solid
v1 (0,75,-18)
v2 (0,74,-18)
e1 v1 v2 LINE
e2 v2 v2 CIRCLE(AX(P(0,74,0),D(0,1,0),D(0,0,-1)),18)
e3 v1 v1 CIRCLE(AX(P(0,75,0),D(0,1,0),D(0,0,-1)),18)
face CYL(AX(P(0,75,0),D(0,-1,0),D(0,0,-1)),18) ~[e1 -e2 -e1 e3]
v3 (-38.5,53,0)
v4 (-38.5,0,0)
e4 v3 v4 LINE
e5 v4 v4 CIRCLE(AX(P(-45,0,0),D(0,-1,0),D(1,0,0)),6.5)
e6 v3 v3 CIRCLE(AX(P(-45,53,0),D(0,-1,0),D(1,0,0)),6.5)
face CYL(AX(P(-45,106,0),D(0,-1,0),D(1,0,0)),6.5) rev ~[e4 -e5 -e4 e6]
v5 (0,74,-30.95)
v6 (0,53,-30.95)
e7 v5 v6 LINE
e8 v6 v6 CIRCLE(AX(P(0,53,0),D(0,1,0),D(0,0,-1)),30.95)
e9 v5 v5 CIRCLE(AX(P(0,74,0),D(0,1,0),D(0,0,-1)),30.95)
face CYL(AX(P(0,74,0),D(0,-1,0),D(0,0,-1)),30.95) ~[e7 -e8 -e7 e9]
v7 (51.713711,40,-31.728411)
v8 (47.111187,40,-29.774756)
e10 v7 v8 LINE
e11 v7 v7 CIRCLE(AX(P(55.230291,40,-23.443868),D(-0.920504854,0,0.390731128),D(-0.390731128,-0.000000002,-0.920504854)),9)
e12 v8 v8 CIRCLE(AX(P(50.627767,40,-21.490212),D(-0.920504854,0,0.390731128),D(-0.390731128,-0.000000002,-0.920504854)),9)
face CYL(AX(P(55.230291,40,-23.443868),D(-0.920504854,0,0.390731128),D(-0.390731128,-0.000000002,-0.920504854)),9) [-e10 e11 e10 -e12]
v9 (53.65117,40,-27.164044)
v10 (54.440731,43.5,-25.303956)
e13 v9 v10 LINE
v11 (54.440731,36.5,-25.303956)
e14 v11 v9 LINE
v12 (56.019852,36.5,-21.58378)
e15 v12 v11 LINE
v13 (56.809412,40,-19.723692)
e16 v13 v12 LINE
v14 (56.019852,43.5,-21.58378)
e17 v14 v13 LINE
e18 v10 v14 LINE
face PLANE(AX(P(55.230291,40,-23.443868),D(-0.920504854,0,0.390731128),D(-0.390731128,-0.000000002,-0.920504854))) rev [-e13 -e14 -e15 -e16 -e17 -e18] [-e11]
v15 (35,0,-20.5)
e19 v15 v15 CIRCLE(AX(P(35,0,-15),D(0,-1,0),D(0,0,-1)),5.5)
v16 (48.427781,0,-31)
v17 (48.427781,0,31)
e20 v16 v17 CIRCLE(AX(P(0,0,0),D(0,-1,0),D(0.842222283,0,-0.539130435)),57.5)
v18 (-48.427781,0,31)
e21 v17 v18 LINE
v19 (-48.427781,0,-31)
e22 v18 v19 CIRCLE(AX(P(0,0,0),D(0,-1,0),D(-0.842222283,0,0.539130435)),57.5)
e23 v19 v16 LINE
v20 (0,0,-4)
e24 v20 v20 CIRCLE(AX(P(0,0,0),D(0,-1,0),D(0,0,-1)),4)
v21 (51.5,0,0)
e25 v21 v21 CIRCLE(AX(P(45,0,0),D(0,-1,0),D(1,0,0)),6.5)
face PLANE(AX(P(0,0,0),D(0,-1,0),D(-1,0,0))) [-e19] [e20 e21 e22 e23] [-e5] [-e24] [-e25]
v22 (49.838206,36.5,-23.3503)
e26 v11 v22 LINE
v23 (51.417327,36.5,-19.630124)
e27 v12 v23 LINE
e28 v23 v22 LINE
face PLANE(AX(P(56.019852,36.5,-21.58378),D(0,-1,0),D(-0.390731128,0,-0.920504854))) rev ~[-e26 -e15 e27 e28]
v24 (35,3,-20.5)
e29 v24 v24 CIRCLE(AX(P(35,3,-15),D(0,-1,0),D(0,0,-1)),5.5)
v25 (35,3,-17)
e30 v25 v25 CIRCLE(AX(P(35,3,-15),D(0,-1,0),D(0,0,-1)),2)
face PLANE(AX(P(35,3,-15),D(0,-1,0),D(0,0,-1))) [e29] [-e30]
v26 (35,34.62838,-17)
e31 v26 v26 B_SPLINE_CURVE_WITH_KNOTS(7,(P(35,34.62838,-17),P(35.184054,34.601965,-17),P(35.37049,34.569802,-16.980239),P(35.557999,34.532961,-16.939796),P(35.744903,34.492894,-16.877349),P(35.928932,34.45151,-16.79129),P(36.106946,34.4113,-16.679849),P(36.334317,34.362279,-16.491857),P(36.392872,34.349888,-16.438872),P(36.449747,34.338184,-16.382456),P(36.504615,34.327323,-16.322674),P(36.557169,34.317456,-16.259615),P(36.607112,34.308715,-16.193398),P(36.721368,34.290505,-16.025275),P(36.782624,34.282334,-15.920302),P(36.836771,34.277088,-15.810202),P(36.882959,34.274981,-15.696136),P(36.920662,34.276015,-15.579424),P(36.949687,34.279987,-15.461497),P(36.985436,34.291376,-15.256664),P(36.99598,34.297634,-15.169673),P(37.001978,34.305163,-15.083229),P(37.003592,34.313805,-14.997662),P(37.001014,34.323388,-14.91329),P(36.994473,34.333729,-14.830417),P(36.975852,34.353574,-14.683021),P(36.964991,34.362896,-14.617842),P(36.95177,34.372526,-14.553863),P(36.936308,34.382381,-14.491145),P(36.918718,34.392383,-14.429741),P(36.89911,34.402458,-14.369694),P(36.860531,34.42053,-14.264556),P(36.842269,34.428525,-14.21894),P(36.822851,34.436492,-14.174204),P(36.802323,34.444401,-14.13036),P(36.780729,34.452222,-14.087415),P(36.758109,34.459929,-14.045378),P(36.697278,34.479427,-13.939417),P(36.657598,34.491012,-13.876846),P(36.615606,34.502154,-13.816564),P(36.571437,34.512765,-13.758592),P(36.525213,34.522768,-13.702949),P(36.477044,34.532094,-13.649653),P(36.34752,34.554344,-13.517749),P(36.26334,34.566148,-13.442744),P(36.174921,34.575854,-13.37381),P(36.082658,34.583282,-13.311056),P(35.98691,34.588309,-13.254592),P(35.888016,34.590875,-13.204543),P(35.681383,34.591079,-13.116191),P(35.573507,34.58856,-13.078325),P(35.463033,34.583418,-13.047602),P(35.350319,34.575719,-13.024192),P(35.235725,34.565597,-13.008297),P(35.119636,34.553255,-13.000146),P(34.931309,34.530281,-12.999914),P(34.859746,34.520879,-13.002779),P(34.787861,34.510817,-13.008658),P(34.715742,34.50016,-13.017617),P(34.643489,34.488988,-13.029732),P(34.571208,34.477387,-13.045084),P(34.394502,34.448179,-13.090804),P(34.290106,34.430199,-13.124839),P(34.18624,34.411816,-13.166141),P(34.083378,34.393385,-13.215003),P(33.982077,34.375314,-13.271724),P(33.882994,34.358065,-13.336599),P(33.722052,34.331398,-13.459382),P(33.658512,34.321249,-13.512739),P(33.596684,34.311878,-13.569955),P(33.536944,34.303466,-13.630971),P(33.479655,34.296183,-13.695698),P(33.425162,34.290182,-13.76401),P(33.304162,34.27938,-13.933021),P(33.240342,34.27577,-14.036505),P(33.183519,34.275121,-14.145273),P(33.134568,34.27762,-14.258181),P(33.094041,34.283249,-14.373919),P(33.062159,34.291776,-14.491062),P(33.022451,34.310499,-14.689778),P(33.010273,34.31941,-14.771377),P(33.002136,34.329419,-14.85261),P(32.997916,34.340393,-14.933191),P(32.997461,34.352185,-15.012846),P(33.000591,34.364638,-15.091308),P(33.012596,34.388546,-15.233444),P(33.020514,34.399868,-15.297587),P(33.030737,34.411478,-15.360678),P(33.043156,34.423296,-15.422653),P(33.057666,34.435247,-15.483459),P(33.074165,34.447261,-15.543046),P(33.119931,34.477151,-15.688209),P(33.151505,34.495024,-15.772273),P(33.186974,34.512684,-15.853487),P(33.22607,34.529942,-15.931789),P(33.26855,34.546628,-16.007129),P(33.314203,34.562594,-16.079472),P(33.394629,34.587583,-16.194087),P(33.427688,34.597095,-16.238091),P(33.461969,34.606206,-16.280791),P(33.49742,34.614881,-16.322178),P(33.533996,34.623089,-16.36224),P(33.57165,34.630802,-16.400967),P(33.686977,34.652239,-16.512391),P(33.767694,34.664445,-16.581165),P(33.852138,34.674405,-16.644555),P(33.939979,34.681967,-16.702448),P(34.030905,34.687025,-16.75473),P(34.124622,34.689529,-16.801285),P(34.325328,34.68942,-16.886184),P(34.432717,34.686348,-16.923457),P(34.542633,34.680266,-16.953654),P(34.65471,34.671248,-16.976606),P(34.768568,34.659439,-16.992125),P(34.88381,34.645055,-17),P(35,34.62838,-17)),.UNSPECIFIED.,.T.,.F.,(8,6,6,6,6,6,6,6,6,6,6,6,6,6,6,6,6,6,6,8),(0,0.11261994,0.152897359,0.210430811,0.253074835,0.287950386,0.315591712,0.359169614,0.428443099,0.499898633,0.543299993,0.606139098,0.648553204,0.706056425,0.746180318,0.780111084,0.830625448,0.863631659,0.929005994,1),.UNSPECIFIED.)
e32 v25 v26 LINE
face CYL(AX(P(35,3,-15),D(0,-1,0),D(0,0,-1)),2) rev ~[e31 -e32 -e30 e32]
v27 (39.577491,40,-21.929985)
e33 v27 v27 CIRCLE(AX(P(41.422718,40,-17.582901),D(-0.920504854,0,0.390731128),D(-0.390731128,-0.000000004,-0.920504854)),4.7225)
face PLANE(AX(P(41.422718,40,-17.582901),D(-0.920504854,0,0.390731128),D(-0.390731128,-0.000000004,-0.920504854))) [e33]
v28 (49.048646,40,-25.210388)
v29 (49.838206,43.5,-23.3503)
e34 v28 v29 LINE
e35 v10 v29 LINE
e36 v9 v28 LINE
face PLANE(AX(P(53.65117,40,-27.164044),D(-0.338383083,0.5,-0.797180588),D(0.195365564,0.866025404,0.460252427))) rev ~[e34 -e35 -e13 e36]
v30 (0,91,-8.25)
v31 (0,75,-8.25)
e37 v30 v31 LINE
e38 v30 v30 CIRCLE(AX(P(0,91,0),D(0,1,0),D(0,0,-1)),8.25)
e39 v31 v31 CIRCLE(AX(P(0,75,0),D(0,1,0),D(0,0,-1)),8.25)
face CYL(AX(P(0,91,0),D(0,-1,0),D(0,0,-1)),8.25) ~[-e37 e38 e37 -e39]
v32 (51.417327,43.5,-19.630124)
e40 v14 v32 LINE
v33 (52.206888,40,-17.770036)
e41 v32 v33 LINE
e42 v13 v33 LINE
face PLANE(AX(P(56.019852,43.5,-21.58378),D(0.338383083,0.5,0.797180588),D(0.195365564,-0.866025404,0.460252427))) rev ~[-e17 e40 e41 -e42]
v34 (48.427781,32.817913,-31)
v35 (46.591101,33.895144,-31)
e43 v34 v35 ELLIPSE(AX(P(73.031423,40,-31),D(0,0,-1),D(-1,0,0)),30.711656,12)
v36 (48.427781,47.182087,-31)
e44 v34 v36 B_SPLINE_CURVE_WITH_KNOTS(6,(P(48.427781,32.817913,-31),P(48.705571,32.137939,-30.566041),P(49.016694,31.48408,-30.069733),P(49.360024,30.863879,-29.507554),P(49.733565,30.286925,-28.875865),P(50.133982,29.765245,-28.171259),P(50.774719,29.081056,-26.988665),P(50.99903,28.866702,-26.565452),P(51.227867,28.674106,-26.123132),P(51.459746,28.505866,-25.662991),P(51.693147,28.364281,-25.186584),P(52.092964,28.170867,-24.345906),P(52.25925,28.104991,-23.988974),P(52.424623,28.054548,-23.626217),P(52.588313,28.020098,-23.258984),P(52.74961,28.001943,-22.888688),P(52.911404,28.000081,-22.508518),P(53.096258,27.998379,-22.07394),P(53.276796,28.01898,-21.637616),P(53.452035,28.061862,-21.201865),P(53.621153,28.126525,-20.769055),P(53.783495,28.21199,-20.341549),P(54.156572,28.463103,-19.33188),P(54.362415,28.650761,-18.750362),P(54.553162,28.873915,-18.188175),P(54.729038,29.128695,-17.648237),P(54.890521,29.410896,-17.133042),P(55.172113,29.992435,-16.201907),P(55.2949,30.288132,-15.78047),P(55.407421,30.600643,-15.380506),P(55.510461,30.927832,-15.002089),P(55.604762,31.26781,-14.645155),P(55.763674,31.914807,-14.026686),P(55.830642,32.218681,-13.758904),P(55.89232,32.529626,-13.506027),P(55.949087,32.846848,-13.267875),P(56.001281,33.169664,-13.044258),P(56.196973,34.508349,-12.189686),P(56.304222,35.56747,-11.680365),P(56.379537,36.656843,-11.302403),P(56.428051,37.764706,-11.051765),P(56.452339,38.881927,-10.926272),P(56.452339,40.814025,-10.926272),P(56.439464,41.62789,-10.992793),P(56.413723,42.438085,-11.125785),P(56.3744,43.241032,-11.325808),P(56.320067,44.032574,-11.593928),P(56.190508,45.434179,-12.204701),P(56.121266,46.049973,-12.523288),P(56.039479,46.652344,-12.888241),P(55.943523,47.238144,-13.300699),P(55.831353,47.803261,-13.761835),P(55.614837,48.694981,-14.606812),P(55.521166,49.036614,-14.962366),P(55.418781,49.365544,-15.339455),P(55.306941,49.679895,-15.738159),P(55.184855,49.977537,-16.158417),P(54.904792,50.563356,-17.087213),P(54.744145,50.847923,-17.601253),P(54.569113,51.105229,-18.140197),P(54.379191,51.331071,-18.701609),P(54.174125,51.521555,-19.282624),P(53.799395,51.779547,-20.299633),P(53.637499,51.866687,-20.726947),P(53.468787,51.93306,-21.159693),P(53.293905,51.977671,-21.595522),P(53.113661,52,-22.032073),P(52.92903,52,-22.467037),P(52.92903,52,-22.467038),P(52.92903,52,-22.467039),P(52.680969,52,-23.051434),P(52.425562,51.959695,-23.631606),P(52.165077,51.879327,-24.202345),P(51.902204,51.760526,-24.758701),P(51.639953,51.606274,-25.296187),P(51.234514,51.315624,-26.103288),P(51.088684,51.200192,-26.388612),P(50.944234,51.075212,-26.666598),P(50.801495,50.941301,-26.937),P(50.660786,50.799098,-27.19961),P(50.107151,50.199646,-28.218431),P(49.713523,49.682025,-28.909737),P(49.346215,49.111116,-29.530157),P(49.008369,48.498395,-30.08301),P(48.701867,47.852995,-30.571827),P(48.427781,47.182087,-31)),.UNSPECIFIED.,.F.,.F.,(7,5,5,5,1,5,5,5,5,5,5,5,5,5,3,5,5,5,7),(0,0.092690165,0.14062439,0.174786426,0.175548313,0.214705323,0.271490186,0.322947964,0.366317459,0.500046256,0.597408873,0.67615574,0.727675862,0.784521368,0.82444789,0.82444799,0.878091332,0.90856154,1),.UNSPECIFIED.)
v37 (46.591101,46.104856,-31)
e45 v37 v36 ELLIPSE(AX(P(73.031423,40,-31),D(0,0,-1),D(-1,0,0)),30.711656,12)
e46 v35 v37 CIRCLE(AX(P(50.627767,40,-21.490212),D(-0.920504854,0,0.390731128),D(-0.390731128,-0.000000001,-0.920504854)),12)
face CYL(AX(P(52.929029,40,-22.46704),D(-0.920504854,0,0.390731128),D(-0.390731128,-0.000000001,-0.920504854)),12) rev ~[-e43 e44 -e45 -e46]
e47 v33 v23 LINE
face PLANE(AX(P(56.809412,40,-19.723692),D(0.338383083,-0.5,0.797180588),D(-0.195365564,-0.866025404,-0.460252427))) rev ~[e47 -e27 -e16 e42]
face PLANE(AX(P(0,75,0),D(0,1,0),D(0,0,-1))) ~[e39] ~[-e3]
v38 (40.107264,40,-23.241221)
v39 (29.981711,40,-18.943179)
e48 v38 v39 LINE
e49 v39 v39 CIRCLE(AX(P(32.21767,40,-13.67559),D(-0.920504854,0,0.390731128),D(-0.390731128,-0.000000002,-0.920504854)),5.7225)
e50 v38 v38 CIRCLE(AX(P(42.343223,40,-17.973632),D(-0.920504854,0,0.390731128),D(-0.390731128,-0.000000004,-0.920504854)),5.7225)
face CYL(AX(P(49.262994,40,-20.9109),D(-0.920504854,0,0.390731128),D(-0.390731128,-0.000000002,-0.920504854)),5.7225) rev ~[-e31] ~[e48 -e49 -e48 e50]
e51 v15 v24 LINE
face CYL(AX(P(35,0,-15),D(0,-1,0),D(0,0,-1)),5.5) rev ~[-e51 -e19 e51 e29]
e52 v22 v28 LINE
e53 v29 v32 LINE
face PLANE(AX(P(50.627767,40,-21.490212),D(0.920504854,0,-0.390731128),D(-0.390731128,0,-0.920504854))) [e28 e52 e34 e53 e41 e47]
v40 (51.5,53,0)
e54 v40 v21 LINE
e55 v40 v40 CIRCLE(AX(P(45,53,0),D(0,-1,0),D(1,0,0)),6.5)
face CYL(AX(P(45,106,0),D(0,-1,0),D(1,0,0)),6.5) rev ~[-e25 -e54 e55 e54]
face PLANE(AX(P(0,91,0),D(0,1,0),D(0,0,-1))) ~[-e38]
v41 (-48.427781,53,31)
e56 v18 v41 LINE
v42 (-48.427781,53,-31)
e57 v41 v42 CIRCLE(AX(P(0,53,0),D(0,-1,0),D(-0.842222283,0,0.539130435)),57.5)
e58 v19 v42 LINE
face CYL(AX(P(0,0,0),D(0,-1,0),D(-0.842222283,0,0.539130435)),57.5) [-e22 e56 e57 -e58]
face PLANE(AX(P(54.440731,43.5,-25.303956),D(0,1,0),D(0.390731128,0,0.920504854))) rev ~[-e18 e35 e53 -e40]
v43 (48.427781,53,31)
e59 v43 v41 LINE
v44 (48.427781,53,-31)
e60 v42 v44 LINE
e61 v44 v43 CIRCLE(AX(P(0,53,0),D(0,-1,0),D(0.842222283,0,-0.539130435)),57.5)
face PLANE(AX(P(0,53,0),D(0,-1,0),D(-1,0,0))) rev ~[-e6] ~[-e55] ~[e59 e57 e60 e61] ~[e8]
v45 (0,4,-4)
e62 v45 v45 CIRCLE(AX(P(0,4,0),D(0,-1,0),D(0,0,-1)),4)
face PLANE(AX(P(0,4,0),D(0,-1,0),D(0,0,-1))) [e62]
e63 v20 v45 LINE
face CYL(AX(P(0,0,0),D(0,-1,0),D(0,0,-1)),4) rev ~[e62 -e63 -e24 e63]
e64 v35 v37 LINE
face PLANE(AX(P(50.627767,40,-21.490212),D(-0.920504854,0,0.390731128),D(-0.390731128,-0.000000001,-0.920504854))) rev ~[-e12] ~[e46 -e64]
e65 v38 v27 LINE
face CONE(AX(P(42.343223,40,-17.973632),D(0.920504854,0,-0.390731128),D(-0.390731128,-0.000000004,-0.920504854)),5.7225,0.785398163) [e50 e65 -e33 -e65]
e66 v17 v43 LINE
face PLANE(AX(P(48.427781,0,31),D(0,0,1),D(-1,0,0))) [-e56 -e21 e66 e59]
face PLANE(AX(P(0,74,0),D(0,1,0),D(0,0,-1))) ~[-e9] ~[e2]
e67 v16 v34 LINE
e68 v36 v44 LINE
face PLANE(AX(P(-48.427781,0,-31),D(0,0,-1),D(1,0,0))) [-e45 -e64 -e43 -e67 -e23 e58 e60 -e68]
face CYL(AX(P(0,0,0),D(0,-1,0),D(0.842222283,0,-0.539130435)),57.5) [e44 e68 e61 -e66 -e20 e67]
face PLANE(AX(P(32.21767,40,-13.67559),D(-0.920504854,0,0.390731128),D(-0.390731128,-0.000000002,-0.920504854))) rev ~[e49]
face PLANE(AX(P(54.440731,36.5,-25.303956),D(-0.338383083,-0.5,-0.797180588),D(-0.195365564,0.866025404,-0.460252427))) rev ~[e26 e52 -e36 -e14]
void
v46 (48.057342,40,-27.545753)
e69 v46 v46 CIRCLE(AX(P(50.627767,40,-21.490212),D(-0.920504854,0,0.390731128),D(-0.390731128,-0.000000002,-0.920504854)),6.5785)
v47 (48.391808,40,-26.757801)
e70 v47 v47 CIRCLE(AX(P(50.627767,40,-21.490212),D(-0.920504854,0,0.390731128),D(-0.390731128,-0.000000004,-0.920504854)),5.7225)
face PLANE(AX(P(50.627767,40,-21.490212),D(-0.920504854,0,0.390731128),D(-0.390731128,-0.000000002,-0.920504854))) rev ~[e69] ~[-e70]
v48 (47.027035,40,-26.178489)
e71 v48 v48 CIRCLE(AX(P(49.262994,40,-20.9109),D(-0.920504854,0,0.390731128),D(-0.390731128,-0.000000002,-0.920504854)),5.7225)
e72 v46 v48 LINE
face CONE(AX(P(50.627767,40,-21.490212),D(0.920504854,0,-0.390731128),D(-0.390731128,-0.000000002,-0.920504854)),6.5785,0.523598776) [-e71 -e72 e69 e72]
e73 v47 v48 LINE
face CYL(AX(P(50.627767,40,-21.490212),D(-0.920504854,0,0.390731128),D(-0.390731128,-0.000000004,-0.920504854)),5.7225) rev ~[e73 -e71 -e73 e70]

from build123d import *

# Parameters (mm, degrees)
EXTRUDE1_DEPTH     = 53
HOLE1_D            = 13
HOLE1_DEPTH        = 53
SKETCH5_R          = 4
CUT_EXTRUDE1_DEPTH = 4
SKETCH6_R          = 5.5
CUT_EXTRUDE2_DEPTH = 3
SKETCH7_R          = 2
CUT_EXTRUDE3_DEPTH = 33
CUT_EXTRUDE4_DEPTH = 5


with BuildPart() as part:
    # Sketch1 → Extrude1 (new body)
    with BuildSketch(Plane(origin=(0, 0, 0), x_dir=(1, 0, 0), z_dir=(0, 1, 0))):
        with BuildLine():
            Line((-48.427781283, 31), (48.427781283, 31))
            ThreePointArc((48.427781283, 31), (57.5, 0), (48.427781283, -31))
            Line((48.427781283, -31), (-48.427781283, -31))
            ThreePointArc((-48.427781283, -31), (-57.5, 0), (-48.427781283, 31))
        make_face()
    extrude(amount=EXTRUDE1_DEPTH)

    # Sketch2 → Revolve1 (revolve)
    with BuildSketch(Plane.XY, mode=Mode.PRIVATE) as revolve1_sk:
        Polygon((0, 91), (-8.25, 91), (-8.25, 75), (-18, 75), (-18, 74), (-30.95, 74), (-30.95, 53), (0, 53), align=None)
    revolve(revolve1_sk.sketch.rotate(Axis((0, 0, 0), (0, 1, 0)), 270), axis=Axis((0, 0, 0), (0, 1, 0)))  # turned: the seam where the file's is

    # Hole1
    with Locations(Plane(origin=(0, 53, 0), x_dir=(-1, 0, 0), z_dir=(0, 1, 0))):
        with Locations((45, 0), (-45, 0)):
            Hole(HOLE1_D / 2, depth=HOLE1_DEPTH)

    # Sketch5 → Cut-Extrude1 (cut)
    with BuildSketch(Plane.XZ):
        with Locations(Location((0, 0, 0), (0, 0, 270))):  # turned: the seam where the file's is
            Circle(SKETCH5_R)
    extrude(amount=-CUT_EXTRUDE1_DEPTH, mode=Mode.SUBTRACT)

    # Sketch6 → Cut-Extrude2 (cut)
    with BuildSketch(Plane.XZ):
        with Locations(Location((35, -15, 0), (0, 0, 270))):  # turned: the seam where the file's is
            Circle(SKETCH6_R)
    extrude(amount=-CUT_EXTRUDE2_DEPTH, mode=Mode.SUBTRACT)

    # Sketch7 → Cut-Extrude3 (cut)
    with BuildSketch(Plane.XZ.offset(-3)):
        with Locations(Location((35, -15, 0), (0, 0, 270))):  # turned: the seam where the file's is
            Circle(SKETCH7_R)
    extrude(amount=-CUT_EXTRUDE3_DEPTH, mode=Mode.SUBTRACT)

    # Sketch8 → Cut-Revolve1 (revolve, cut)
    with BuildSketch(Plane(origin=(0, 0, 0), x_dir=(0.920504853, 0, -0.390731128), z_dir=(0.390731128, 0, 0.920504853)), mode=Mode.PRIVATE) as cut_revolve1_sk:
        Polygon((57.5, 28), (55, 28), (55, 33.4215), (53.517364509, 34.2775), (35, 34.2775), (35, 40), (57.5, 40), align=None)
    revolve(cut_revolve1_sk.sketch.rotate(Axis((47.484793311, 40, -20.156098913), (-0.920504853, 0, 0.390731128)), 270), axis=Axis((47.484793311, 40, -20.156098913), (-0.920504853, 0, 0.390731128)), mode=Mode.SUBTRACT)  # turned: the seam where the file's is

    # Sketch9 → Revolve2 (revolve)
    with BuildSketch(Plane(origin=(0, 0, 0), x_dir=(0.920504853, 0, -0.390731128), z_dir=(0.390731128, 0, 0.920504853)), mode=Mode.PRIVATE) as revolve2_sk:
        Polygon((55, 31), (55, 34.2775), (46, 34.2775), (45, 35.2775), (45, 40), (60, 40), (60, 31), align=None)
    revolve(revolve2_sk.sketch.rotate(Axis((68.658528533, 40, -29.14381628), (-0.920504853, 0, 0.390731128)), 270), axis=Axis((68.658528533, 40, -29.14381628), (-0.920504853, 0, 0.390731128)))  # turned: the seam where the file's is

    # Sketch10 → Cut-Extrude4 (cut)
    with BuildSketch(Plane(origin=(55.230291207, 0, -23.443867709), x_dir=(-0.390731128, 0, -0.920504853), z_dir=(0.920504853, 0, -0.390731128))):
        Polygon((4.041451884, 40), (2.020725942, 43.5), (-2.020725942, 43.5), (-4.041451884, 40), (-2.020725942, 36.5), (2.020725942, 36.5), align=None)
    extrude(amount=-CUT_EXTRUDE4_DEPTH, mode=Mode.SUBTRACT)


solid = part.part
